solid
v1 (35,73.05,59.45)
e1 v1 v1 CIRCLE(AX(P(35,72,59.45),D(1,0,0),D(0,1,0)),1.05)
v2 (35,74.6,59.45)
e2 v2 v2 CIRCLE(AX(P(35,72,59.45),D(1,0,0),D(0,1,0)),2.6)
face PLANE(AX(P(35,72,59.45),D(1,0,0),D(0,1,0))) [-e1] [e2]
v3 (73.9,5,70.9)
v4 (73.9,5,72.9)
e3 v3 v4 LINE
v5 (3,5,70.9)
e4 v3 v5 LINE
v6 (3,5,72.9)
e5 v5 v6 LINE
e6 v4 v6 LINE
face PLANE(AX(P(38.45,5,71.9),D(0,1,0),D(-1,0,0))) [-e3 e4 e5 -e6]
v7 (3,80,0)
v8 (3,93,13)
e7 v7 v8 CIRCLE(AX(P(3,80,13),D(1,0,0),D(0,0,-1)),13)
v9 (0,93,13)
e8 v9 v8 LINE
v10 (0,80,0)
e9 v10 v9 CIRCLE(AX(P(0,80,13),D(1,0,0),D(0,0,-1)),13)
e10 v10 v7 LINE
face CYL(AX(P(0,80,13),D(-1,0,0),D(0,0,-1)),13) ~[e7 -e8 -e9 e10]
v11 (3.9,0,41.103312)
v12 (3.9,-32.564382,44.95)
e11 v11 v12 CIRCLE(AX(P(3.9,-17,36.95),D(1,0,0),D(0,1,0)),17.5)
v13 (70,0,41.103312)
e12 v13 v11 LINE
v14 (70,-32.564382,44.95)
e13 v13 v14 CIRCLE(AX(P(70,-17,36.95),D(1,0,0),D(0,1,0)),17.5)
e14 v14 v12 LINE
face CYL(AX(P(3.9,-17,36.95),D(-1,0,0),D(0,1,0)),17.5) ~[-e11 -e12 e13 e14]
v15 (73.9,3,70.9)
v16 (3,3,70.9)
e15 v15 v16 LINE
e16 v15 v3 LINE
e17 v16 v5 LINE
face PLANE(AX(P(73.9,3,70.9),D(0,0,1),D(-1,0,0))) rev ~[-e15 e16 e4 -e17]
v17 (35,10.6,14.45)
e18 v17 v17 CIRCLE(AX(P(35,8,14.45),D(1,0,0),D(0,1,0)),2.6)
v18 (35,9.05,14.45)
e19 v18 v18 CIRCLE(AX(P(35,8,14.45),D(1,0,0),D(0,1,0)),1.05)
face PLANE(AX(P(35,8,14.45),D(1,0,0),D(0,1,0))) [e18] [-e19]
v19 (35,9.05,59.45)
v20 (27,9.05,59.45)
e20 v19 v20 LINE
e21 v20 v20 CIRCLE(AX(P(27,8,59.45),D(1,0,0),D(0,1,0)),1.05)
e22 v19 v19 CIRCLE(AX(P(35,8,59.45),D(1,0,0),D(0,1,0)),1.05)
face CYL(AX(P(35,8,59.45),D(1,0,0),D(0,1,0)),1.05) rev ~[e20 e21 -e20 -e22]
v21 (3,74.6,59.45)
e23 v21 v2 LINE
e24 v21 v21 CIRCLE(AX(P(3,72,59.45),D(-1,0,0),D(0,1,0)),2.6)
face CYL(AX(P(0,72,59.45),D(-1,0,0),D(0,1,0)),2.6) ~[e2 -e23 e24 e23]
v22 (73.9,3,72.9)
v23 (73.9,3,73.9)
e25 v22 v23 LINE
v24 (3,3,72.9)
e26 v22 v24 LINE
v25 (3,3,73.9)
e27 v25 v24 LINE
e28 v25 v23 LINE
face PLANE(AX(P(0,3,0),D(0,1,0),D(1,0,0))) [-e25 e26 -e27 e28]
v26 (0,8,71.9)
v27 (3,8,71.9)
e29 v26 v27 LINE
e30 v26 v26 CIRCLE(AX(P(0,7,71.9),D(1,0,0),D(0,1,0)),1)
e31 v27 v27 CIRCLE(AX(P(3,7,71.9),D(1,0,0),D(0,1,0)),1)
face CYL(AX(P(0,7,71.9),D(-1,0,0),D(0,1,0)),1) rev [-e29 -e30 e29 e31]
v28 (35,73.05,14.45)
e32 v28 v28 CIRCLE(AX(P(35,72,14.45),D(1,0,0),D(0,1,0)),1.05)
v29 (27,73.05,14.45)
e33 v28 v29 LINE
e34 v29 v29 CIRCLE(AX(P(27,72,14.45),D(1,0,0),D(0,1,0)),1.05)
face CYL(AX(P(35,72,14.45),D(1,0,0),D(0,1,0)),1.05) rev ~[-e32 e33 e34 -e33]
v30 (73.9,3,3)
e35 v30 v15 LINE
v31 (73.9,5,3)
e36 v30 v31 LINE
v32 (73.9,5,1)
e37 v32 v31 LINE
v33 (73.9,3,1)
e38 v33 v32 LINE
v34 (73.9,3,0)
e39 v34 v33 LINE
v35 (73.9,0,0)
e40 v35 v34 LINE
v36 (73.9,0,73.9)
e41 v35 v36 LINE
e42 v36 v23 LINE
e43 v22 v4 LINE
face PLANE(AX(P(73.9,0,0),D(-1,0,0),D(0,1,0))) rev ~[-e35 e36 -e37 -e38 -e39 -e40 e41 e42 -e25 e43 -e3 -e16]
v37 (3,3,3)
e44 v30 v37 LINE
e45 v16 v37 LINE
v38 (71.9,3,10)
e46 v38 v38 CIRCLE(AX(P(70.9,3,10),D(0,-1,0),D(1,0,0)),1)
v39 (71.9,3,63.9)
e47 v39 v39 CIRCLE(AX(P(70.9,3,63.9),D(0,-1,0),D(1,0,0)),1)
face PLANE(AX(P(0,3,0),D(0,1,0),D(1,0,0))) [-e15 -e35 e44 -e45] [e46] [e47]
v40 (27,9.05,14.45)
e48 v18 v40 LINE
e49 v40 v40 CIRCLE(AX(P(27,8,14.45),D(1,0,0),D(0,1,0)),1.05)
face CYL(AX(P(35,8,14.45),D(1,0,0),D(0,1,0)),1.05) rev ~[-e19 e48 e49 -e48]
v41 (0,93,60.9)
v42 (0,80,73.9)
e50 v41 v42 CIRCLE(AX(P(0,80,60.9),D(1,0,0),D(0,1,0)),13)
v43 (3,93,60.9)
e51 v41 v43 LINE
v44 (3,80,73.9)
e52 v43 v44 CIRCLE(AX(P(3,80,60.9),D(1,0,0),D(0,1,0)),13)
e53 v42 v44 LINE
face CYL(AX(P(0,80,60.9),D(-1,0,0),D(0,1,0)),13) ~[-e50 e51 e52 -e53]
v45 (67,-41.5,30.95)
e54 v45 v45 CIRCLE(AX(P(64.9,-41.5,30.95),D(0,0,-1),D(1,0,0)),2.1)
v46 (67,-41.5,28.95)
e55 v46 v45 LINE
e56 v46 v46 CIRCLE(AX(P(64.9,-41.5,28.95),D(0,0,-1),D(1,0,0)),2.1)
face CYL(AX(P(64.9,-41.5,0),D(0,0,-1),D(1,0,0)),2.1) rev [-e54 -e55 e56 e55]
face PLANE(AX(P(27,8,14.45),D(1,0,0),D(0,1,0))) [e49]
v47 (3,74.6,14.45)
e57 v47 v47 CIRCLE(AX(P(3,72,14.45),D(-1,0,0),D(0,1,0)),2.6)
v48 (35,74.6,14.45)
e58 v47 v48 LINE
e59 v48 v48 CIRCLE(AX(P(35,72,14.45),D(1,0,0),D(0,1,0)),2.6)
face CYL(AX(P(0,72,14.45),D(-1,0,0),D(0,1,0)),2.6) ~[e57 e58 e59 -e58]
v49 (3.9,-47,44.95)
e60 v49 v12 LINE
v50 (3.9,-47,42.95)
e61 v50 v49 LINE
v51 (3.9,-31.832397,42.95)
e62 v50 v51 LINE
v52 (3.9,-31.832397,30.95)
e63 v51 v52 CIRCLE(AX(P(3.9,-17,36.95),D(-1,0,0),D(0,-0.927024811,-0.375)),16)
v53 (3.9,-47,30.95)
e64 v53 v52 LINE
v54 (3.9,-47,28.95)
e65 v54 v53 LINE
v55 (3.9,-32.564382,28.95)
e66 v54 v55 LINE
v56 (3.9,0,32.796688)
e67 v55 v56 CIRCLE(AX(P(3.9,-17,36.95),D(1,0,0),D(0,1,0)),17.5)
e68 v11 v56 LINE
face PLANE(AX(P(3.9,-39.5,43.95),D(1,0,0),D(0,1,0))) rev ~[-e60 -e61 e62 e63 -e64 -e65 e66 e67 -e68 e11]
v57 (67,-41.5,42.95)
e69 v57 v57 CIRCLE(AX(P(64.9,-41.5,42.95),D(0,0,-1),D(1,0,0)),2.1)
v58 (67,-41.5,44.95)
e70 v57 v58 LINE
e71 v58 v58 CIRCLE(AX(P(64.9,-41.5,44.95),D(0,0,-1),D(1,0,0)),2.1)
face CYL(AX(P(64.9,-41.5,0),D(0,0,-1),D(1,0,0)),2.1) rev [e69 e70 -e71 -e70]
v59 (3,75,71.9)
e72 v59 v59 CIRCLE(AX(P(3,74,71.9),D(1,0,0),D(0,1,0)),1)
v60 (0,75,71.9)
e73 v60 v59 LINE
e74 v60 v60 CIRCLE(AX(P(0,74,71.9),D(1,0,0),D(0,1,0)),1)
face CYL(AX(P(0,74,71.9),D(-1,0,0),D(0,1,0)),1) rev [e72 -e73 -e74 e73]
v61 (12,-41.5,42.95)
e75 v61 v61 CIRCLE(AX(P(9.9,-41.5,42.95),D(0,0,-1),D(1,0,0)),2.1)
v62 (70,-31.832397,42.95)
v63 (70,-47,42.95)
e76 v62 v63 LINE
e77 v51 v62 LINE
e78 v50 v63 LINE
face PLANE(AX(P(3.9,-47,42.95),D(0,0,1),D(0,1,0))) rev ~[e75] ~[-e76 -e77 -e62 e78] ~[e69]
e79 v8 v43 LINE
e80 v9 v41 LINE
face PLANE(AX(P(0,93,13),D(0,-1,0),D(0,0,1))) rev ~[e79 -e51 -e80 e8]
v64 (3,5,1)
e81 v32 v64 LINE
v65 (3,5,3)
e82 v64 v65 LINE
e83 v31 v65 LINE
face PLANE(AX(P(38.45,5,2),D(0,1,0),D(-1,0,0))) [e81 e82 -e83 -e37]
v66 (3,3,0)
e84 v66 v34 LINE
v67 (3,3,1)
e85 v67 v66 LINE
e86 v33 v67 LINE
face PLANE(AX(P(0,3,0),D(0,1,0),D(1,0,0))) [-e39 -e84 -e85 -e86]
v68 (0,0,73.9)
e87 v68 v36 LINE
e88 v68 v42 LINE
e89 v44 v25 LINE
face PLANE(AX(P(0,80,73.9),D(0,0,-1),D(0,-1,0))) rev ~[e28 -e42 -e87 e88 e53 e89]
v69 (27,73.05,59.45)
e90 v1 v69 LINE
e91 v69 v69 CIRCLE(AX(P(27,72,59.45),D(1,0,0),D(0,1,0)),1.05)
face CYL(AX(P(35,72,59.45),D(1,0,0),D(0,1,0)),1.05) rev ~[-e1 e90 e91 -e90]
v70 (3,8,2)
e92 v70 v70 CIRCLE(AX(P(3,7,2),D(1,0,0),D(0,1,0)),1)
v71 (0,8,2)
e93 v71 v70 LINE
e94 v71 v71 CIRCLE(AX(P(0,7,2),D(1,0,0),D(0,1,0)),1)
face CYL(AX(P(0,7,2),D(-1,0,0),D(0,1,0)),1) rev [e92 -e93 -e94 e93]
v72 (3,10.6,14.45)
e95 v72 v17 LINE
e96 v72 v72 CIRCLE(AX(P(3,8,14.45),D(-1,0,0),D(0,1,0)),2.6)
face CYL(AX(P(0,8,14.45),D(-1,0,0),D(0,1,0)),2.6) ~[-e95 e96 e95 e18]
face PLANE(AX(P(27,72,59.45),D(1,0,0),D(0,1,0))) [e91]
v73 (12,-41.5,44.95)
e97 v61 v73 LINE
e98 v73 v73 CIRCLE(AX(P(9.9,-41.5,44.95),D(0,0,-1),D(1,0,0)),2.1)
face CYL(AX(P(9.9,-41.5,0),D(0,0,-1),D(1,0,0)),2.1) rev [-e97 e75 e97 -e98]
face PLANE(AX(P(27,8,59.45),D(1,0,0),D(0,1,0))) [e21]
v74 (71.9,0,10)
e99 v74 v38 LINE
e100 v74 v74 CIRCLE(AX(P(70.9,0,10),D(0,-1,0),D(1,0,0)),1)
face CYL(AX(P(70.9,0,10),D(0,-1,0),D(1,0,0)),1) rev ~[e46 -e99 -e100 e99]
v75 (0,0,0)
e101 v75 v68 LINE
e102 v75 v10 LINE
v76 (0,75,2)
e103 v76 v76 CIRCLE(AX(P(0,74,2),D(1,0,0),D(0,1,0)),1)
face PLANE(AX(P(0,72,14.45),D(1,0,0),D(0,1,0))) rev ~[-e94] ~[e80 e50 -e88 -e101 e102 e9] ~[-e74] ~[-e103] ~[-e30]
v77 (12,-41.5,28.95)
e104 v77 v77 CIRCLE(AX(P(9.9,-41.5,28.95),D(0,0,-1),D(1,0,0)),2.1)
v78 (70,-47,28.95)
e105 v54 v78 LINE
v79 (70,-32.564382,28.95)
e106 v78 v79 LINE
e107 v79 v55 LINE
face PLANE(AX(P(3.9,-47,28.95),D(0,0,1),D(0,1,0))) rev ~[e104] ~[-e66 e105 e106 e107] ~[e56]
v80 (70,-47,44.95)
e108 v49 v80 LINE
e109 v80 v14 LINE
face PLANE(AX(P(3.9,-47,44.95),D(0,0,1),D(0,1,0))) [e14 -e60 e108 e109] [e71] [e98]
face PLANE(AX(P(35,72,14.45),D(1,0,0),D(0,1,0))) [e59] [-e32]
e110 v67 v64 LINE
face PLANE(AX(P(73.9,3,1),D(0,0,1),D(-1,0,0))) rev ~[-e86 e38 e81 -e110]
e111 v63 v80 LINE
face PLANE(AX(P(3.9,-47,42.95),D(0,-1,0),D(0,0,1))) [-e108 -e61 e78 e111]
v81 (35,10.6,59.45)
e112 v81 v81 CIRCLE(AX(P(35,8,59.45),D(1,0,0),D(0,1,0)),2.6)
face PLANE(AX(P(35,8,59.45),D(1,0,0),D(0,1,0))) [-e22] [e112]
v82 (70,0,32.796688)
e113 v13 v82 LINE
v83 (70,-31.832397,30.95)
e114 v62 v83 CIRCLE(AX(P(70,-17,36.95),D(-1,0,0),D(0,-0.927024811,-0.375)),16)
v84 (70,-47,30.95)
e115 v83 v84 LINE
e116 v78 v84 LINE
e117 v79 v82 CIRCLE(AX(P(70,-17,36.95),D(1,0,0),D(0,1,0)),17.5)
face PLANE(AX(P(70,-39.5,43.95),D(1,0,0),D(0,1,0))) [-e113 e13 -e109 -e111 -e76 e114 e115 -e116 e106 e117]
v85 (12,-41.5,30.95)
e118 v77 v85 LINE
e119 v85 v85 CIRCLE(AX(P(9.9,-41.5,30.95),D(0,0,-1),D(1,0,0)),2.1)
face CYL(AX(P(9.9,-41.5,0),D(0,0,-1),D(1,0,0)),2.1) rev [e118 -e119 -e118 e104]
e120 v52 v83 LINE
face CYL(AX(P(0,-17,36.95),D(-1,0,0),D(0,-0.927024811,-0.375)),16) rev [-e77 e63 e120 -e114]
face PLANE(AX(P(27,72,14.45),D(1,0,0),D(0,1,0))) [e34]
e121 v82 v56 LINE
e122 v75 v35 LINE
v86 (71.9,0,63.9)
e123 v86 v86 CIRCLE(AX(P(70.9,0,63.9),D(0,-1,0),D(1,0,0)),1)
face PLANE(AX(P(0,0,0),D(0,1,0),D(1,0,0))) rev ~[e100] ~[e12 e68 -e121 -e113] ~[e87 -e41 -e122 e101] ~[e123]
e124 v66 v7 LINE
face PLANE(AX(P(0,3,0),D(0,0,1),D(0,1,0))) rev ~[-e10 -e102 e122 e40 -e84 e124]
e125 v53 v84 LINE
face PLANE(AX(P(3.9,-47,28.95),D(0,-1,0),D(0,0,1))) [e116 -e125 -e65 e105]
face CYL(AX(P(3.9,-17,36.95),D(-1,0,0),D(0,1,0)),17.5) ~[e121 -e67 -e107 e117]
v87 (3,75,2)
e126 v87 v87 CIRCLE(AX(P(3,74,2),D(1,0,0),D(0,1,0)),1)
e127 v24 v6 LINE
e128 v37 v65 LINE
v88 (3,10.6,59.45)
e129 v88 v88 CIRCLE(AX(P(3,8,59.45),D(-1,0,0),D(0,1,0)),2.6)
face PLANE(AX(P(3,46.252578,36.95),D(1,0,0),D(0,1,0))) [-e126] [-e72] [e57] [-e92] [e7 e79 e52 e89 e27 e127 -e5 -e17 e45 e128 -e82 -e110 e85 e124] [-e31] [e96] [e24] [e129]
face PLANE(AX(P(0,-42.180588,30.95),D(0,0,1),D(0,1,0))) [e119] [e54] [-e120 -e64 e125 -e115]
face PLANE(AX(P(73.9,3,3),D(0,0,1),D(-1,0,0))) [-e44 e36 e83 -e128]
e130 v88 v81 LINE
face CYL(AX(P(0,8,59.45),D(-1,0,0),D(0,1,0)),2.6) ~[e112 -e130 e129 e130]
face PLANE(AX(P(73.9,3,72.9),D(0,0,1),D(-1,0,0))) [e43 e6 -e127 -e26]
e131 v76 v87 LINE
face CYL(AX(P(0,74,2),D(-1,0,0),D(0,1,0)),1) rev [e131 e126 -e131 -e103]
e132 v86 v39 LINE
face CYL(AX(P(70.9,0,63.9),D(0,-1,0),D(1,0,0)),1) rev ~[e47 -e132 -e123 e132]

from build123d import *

# Parameters (mm, degrees)
SKETCH105_W     = 73.9
SKETCH105_H     = 3
PAD050_DEPTH    = 73.9
SKETCH108_R     = 1
PAD052_DEPTH    = 3
SKETCH109_W     = 70.9
SKETCH109_H     = 2
PAD053_DEPTH    = 2
SKETCH110_R     = 2.6
PAD056_DEPTH    = 35
SKETCH111_R     = 1.05
POCKET060_DEPTH = 8
PAD060_START    = 3.9
SKETCH125_R     = 17.5
PAD060_DEPTH    = 66.1
SKETCH126_R     = 16
SKETCH126_W     = 30
SKETCH126_H     = 12
POCKET075_DEPTH = 73.901
PAD061_START    = 3.9
SKETCH127_W     = 15
SKETCH127_H     = 2
PAD061_DEPTH    = 66.1
SKETCH128_R     = 2.1
POCKET076_DEPTH = 73.901
SKETCH129_R     = 1
POCKET077_DEPTH = 5


with BuildPart() as part:
    # Sketch105 → Pad050 (new body)
    with BuildSketch(Plane.XY):
        with Locations((36.95, 1.5)):
            Rectangle(SKETCH105_W, SKETCH105_H)
    extrude(amount=PAD050_DEPTH)

    # Sketch108 → Pad052 (join)
    with BuildSketch(Plane.YZ):
        with BuildLine():
            Line((3, 0), (80, 0))
            ThreePointArc((80, 0), (89.1923881554, 3.8076118446), (93, 13))
            Line((93, 13), (93, 60.9))
            ThreePointArc((93, 60.9), (89.1923881554, 70.0923881554), (80, 73.9))
            Line((80, 73.9), (3, 73.9))
            Line((3, 73.9), (3, 0))
        make_face()
        with Locations((7, 2)):
            Circle(SKETCH108_R, mode=Mode.SUBTRACT)
        with Locations((74, 2)):
            Circle(SKETCH108_R, mode=Mode.SUBTRACT)
        with Locations((7, 71.9)):
            Circle(SKETCH108_R, mode=Mode.SUBTRACT)
        with Locations((74, 71.9)):
            Circle(SKETCH108_R, mode=Mode.SUBTRACT)
    extrude(amount=PAD052_DEPTH)

    # Sketch109 → Pad053 (join)
    with BuildSketch(Plane(origin=(0, 3, 0), x_dir=(-1, 0, 0), z_dir=(0, 1, 0))):
        with Locations((-38.45, 2)):
            Rectangle(SKETCH109_W, SKETCH109_H)
        with Locations((-38.45, 71.9)):
            Rectangle(SKETCH109_W, SKETCH109_H)
    extrude(amount=PAD053_DEPTH)

    # Sketch110 → Pad056 (join)
    with BuildSketch(Plane.YZ):
        with Locations((72, 14.45)):
            Circle(SKETCH110_R)
        with Locations((8, 14.45)):
            Circle(SKETCH110_R)
        with Locations((8, 59.45)):
            Circle(SKETCH110_R)
        with Locations((72, 59.45)):
            Circle(SKETCH110_R)
    extrude(amount=PAD056_DEPTH)

    # Sketch111 → Pocket060 (cut)
    with BuildSketch(Plane.YZ.offset(35)):
        with Locations((8, 14.45)):
            Circle(SKETCH111_R)
        with Locations((72, 14.45)):
            Circle(SKETCH111_R)
        with Locations((8, 59.45)):
            Circle(SKETCH111_R)
        with Locations((72, 59.45)):
            Circle(SKETCH111_R)
    extrude(amount=-POCKET060_DEPTH, mode=Mode.SUBTRACT)

    # Sketch125 → Pad060 (join)
    with BuildSketch(Plane.YZ.offset(PAD060_START)):
        with Locations((-17, 36.95)):
            Circle(SKETCH125_R)
    extrude(amount=PAD060_DEPTH)

    # Sketch126 → Pocket075 (cut, through all)
    with BuildSketch(Plane.YZ):
        with Locations((-17, 36.95)):
            Circle(SKETCH126_R)
        with Locations((-27.180588, 36.95)):
            Rectangle(SKETCH126_W, SKETCH126_H)
    extrude(amount=POCKET075_DEPTH, mode=Mode.SUBTRACT)

    # Sketch127 → Pad061 (join)
    with BuildSketch(Plane.YZ.offset(PAD061_START)):
        with Locations((-39.5, 43.95)):
            Rectangle(SKETCH127_W, SKETCH127_H)
        with Locations((-39.5, 29.95)):
            Rectangle(SKETCH127_W, SKETCH127_H)
    extrude(amount=PAD061_DEPTH)

    # Sketch128 → Pocket076 (cut, through all)
    with BuildSketch(Plane.XY):
        with Locations((9.9, -41.5)):
            Circle(SKETCH128_R)
        with Locations((64.9, -41.5)):
            Circle(SKETCH128_R)
    extrude(amount=POCKET076_DEPTH, mode=Mode.SUBTRACT)

    # Sketch129 → Pocket077 (cut)
    with BuildSketch(Plane.XZ):
        with Locations((70.9, 10)):
            Circle(SKETCH129_R)
        with Locations((70.9, 63.9)):
            Circle(SKETCH129_R)
    extrude(amount=-POCKET077_DEPTH, mode=Mode.SUBTRACT)


solid = part.part
